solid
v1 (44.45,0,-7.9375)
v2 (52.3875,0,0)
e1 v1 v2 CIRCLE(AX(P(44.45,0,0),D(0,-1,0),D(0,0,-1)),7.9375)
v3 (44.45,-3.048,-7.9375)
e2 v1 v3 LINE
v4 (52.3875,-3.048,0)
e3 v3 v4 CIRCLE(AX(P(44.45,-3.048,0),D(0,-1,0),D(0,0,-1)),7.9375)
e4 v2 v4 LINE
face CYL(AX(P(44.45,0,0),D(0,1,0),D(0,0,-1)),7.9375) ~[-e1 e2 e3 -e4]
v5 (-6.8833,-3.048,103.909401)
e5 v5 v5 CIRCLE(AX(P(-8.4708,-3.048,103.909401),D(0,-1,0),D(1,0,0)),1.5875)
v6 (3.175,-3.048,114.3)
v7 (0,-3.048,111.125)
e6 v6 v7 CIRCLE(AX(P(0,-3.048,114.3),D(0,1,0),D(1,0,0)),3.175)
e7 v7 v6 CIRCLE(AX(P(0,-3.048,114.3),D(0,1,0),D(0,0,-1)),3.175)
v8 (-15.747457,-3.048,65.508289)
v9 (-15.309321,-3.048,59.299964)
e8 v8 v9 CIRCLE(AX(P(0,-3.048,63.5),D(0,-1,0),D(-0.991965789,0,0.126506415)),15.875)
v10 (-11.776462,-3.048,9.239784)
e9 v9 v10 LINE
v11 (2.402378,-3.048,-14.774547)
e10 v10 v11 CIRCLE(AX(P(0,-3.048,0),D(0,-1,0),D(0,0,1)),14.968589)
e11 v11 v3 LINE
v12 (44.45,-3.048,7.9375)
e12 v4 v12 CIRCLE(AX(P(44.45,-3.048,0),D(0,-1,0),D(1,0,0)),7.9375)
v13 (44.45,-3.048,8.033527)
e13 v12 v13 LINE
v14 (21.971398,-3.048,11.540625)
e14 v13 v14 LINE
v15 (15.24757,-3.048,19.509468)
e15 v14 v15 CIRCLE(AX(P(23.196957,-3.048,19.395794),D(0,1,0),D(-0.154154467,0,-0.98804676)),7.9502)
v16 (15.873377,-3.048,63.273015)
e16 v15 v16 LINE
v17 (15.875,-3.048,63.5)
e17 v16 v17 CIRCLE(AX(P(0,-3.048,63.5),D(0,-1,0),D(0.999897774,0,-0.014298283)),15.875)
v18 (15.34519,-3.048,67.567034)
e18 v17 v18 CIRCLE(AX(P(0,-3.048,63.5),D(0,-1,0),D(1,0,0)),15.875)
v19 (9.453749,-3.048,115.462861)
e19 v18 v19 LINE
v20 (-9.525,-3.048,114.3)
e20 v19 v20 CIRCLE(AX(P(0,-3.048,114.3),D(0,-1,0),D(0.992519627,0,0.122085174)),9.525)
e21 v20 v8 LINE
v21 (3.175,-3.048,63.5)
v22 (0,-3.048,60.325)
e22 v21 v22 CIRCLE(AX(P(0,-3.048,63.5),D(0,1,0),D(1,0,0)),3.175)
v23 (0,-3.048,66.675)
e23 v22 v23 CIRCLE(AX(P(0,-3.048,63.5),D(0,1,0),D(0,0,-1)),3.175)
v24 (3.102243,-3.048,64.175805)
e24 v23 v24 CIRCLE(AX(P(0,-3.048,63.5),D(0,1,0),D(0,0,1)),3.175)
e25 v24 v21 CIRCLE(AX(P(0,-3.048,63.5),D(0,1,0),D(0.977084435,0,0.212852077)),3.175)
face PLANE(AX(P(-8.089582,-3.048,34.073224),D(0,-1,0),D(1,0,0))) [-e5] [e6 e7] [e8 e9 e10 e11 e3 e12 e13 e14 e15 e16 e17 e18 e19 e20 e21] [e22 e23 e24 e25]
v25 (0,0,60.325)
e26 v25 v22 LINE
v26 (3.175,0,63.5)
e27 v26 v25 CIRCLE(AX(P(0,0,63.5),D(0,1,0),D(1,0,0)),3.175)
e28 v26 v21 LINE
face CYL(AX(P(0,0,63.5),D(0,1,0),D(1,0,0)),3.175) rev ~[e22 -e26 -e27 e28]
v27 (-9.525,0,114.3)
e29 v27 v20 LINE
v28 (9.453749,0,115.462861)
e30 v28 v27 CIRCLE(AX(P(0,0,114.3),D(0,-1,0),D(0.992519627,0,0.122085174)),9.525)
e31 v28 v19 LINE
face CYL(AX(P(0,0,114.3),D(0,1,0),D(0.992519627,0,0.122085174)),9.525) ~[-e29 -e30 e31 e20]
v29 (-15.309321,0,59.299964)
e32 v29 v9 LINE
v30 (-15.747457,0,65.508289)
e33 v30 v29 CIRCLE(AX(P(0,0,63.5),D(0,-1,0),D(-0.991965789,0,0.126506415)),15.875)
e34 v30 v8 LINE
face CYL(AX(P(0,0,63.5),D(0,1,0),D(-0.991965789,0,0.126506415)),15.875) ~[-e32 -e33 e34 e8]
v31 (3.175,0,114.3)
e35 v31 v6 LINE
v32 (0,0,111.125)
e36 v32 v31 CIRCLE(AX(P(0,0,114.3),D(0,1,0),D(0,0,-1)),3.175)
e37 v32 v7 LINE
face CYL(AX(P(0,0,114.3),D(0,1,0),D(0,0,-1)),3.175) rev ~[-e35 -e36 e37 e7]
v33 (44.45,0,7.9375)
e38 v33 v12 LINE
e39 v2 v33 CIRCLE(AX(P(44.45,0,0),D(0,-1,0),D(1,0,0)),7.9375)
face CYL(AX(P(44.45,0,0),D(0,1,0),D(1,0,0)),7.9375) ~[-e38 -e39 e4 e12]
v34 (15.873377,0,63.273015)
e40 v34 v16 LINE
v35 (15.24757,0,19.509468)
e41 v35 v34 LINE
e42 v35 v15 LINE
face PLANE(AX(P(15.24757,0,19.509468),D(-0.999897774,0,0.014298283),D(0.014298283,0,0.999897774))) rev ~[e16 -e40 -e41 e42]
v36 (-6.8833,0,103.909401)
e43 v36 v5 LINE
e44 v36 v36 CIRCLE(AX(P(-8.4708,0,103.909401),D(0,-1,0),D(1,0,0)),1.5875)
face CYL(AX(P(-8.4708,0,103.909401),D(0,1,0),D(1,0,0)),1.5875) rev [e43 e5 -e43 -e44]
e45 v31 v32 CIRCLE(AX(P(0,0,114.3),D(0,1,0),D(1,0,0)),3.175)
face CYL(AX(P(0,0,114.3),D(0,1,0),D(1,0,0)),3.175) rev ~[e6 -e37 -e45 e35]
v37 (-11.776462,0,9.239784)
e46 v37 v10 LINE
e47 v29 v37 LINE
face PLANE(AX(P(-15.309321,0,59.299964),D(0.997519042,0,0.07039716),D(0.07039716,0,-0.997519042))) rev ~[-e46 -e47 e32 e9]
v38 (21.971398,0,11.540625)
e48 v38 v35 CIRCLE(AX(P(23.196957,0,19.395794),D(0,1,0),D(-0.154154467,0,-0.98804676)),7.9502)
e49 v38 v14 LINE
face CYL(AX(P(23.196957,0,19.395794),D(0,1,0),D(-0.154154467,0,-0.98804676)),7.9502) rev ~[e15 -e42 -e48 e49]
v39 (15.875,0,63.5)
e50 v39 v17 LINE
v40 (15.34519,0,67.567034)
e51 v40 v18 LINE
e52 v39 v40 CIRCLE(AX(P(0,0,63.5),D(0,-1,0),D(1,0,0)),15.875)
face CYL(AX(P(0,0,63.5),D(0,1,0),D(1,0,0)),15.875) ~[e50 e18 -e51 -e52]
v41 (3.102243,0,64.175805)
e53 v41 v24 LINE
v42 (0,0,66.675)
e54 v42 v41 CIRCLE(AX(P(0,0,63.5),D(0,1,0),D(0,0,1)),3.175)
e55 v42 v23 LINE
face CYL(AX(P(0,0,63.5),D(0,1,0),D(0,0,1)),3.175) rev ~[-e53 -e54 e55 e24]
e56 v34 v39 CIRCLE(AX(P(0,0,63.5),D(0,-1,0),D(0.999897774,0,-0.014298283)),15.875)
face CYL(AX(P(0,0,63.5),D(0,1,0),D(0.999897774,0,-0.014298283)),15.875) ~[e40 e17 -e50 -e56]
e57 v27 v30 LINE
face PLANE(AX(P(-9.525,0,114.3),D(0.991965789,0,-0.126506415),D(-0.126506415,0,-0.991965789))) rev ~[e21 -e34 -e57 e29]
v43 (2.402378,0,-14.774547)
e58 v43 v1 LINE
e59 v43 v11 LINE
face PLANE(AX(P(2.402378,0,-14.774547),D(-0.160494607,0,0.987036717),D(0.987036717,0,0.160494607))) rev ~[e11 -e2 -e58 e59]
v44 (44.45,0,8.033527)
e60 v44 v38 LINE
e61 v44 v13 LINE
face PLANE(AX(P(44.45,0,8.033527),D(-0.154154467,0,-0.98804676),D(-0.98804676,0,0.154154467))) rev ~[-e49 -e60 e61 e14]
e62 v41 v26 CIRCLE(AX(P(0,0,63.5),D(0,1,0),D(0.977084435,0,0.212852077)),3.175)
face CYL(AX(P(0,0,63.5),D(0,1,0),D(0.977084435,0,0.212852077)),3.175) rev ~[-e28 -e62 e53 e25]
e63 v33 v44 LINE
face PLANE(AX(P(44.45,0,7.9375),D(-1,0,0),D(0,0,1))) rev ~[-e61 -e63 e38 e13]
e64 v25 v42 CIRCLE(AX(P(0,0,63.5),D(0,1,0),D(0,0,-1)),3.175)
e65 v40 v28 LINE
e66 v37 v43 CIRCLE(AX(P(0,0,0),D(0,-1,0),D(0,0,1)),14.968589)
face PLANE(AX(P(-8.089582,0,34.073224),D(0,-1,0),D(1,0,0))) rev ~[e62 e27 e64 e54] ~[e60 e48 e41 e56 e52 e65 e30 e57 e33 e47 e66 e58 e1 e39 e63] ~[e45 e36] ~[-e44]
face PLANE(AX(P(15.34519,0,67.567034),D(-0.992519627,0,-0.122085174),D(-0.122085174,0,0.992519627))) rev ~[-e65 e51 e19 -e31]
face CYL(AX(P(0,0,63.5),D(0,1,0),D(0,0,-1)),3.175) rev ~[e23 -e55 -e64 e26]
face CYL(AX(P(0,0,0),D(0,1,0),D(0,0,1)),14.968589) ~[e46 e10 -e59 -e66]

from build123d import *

# Parameters (mm, degrees)
F0_R     = 1.5875
F1_DEPTH = 3.048


with BuildPart() as f1:
    # F0 (on Front) → F1 (new body)
    with BuildSketch(Plane.XZ):
        with BuildLine():
            ThreePointArc((-11.7764620268, 9.2397838265), (-6.5479819224, 13.4604084549), (0, 14.968589213))
            Line((0, 14.968589213), (0, 47.625))
            ThreePointArc((0, 47.625), (-9.6265272558, 50.8767833738), (-15.3093214373, 59.2999640324))
            Line((-15.3093214373, 59.2999640324), (-11.7764620268, 9.2397838265))
        make_face()
        with BuildLine():
            Line((0, 47.625), (0, 14.968589213))
            ThreePointArc((0, 14.968589213), (10.5843909373, 10.5843909373), (14.968589213, 0))
            ThreePointArc((14.968589213, 0), (11.4021679923, -9.6978981281), (2.4023778267, -14.7745471608))
            Line((2.4023778267, -14.7745471608), (44.45, -7.9375))
            ThreePointArc((44.45, -7.9375), (36.5125, 0), (44.45, 7.9375))
            Line((44.45, 7.9375), (44.45, 8.0335266714))
            Line((44.45, 8.0335266714), (21.9713980672, 11.5406247648))
            ThreePointArc((21.9713980672, 11.5406247648), (17.1207306133, 14.2688892043), (15.2475696284, 19.5094683254))
            Line((15.2475696284, 19.5094683254), (15.8733771675, 63.2730147597))
            ThreePointArc((15.8733771675, 63.2730147597), (11.1447798164, 52.194713279), (0, 47.625))
        make_face()
        with BuildLine():
            ThreePointArc((14.968589213, 0), (10.5843909373, 10.5843909373), (0, 14.968589213))
            ThreePointArc((0, 14.968589213), (-6.5479819224, 13.4604084549), (-11.7764620268, 9.2397838265))
            ThreePointArc((-11.7764620268, 9.2397838265), (-12.8895456413, -7.6104057835), (2.4023778267, -14.7745471608))
            ThreePointArc((2.4023778267, -14.7745471608), (11.4021679923, -9.6978981281), (14.968589213, 0))
        make_face()
        with BuildLine():
            ThreePointArc((-15.3093214373, 59.2999640324), (-9.6265272558, 50.8767833738), (0, 47.625))
            Line((0, 47.625), (0, 60.325))
            ThreePointArc((0, 60.325), (-2.6067780419, 61.6874511758), (-2.9763228188, 64.6054987463))
            Line((-2.9763228188, 64.6054987463), (-15.7474569047, 65.5082893304))
            Line((-15.7474569047, 65.5082893304), (-15.3093214373, 59.2999640324))
        make_face()
        with BuildLine():
            Line((0, 60.325), (0, 47.625))
            ThreePointArc((0, 47.625), (11.1447798164, 52.194713279), (15.8733771675, 63.2730147597))
            Line((15.8733771675, 63.2730147597), (3.1022430816, 64.1758053438))
            ThreePointArc((3.1022430816, 64.1758053438), (3.1567583677, 63.839855275), (3.175, 63.5))
            ThreePointArc((3.175, 63.5), (2.2450640303, 61.2549359697), (0, 60.325))
        make_face()
        with BuildLine():
            ThreePointArc((-15.7474569047, 65.5082893304), (-15.835614797, 62.3824450786), (-15.3093214373, 59.2999640324))
            Line((-15.3093214373, 59.2999640324), (-15.7474569047, 65.5082893304))
        make_face()
        with BuildLine():
            Line((15.3451899877, 67.567034453), (15.8733771675, 63.2730147597))
            ThreePointArc((15.8733771675, 63.2730147597), (15.8745942867, 63.3865044793), (15.875, 63.5))
            ThreePointArc((15.875, 63.5), (15.7419902816, 65.5506991424), (15.3451899877, 67.567034453))
        make_face()
        with BuildLine():
            Line((3.1022430816, 64.1758053438), (15.8733771675, 63.2730147597))
            Line((15.8733771675, 63.2730147597), (15.3451899877, 67.567034453))
            ThreePointArc((15.3451899877, 67.567034453), (9.6812048077, 76.0813313473), (0, 79.375))
            Line((0, 79.375), (0, 66.675))
            ThreePointArc((0, 66.675), (1.9918512788, 65.972479218), (3.1022430816, 64.1758053438))
        make_face()
        with BuildLine():
            Line((-15.7474569047, 65.5082893304), (-2.9763228188, 64.6054987463))
            ThreePointArc((-2.9763228188, 64.6054987463), (-1.8125488242, 66.1067780419), (0, 66.675))
            Line((0, 66.675), (0, 79.375))
            ThreePointArc((0, 79.375), (-10.4912828548, 75.4142187767), (-15.7474569047, 65.5082893304))
        make_face()
        with BuildLine():
            Line((-9.525, 114.3), (-15.7474569047, 65.5082893304))
            ThreePointArc((-15.7474569047, 65.5082893304), (-10.4912828548, 75.4142187767), (0, 79.375))
            Line((0, 79.375), (0, 104.775))
            ThreePointArc((0, 104.775), (-6.7351920908, 107.5648079092), (-9.525, 114.3))
        make_face()
        with Locations((-8.4707995925, 103.9094014501)):
            Circle(F0_R, mode=Mode.SUBTRACT)
        with BuildLine():
            ThreePointArc((0, 79.375), (9.6812048077, 76.0813313473), (15.3451899877, 67.567034453))
            Line((15.3451899877, 67.567034453), (9.4537494483, 115.4628612853))
            ThreePointArc((9.4537494483, 115.4628612853), (9.5071706752, 114.8825210318), (9.525, 114.3))
            ThreePointArc((9.525, 114.3), (6.7351920908, 107.5648079092), (0, 104.775))
            Line((0, 104.775), (0, 79.375))
        make_face()
        with BuildLine():
            Line((44.45, 7.9375), (44.45, -7.9375))
            ThreePointArc((44.45, -7.9375), (50.0626600757, -5.6126600757), (52.3875, 0))
            ThreePointArc((52.3875, 0), (50.0626600757, 5.6126600757), (44.45, 7.9375))
        make_face()
        with BuildLine():
            ThreePointArc((44.45, 7.9375), (36.5125, 0), (44.45, -7.9375))
            Line((44.45, -7.9375), (44.45, 7.9375))
        make_face()
        with BuildLine():
            ThreePointArc((9.4537494483, 115.4628612853), (-0.5825210318, 123.8071706752), (-9.525, 114.3))
            ThreePointArc((-9.525, 114.3), (-6.7351920908, 107.5648079092), (0, 104.775))
            ThreePointArc((0, 104.775), (6.7351920908, 107.5648079092), (9.525, 114.3))
            ThreePointArc((9.525, 114.3), (9.5071706752, 114.8825210318), (9.4537494483, 115.4628612853))
        make_face()
        with BuildLine():
            ThreePointArc((3.175, 114.3), (2.2450640303, 112.0549359697), (0, 111.125))
            ThreePointArc((0, 111.125), (-2.2450640303, 116.5450640303), (3.175, 114.3))
        make_face(mode=Mode.SUBTRACT)
    extrude(amount=F1_DEPTH)


solid = f1.part
